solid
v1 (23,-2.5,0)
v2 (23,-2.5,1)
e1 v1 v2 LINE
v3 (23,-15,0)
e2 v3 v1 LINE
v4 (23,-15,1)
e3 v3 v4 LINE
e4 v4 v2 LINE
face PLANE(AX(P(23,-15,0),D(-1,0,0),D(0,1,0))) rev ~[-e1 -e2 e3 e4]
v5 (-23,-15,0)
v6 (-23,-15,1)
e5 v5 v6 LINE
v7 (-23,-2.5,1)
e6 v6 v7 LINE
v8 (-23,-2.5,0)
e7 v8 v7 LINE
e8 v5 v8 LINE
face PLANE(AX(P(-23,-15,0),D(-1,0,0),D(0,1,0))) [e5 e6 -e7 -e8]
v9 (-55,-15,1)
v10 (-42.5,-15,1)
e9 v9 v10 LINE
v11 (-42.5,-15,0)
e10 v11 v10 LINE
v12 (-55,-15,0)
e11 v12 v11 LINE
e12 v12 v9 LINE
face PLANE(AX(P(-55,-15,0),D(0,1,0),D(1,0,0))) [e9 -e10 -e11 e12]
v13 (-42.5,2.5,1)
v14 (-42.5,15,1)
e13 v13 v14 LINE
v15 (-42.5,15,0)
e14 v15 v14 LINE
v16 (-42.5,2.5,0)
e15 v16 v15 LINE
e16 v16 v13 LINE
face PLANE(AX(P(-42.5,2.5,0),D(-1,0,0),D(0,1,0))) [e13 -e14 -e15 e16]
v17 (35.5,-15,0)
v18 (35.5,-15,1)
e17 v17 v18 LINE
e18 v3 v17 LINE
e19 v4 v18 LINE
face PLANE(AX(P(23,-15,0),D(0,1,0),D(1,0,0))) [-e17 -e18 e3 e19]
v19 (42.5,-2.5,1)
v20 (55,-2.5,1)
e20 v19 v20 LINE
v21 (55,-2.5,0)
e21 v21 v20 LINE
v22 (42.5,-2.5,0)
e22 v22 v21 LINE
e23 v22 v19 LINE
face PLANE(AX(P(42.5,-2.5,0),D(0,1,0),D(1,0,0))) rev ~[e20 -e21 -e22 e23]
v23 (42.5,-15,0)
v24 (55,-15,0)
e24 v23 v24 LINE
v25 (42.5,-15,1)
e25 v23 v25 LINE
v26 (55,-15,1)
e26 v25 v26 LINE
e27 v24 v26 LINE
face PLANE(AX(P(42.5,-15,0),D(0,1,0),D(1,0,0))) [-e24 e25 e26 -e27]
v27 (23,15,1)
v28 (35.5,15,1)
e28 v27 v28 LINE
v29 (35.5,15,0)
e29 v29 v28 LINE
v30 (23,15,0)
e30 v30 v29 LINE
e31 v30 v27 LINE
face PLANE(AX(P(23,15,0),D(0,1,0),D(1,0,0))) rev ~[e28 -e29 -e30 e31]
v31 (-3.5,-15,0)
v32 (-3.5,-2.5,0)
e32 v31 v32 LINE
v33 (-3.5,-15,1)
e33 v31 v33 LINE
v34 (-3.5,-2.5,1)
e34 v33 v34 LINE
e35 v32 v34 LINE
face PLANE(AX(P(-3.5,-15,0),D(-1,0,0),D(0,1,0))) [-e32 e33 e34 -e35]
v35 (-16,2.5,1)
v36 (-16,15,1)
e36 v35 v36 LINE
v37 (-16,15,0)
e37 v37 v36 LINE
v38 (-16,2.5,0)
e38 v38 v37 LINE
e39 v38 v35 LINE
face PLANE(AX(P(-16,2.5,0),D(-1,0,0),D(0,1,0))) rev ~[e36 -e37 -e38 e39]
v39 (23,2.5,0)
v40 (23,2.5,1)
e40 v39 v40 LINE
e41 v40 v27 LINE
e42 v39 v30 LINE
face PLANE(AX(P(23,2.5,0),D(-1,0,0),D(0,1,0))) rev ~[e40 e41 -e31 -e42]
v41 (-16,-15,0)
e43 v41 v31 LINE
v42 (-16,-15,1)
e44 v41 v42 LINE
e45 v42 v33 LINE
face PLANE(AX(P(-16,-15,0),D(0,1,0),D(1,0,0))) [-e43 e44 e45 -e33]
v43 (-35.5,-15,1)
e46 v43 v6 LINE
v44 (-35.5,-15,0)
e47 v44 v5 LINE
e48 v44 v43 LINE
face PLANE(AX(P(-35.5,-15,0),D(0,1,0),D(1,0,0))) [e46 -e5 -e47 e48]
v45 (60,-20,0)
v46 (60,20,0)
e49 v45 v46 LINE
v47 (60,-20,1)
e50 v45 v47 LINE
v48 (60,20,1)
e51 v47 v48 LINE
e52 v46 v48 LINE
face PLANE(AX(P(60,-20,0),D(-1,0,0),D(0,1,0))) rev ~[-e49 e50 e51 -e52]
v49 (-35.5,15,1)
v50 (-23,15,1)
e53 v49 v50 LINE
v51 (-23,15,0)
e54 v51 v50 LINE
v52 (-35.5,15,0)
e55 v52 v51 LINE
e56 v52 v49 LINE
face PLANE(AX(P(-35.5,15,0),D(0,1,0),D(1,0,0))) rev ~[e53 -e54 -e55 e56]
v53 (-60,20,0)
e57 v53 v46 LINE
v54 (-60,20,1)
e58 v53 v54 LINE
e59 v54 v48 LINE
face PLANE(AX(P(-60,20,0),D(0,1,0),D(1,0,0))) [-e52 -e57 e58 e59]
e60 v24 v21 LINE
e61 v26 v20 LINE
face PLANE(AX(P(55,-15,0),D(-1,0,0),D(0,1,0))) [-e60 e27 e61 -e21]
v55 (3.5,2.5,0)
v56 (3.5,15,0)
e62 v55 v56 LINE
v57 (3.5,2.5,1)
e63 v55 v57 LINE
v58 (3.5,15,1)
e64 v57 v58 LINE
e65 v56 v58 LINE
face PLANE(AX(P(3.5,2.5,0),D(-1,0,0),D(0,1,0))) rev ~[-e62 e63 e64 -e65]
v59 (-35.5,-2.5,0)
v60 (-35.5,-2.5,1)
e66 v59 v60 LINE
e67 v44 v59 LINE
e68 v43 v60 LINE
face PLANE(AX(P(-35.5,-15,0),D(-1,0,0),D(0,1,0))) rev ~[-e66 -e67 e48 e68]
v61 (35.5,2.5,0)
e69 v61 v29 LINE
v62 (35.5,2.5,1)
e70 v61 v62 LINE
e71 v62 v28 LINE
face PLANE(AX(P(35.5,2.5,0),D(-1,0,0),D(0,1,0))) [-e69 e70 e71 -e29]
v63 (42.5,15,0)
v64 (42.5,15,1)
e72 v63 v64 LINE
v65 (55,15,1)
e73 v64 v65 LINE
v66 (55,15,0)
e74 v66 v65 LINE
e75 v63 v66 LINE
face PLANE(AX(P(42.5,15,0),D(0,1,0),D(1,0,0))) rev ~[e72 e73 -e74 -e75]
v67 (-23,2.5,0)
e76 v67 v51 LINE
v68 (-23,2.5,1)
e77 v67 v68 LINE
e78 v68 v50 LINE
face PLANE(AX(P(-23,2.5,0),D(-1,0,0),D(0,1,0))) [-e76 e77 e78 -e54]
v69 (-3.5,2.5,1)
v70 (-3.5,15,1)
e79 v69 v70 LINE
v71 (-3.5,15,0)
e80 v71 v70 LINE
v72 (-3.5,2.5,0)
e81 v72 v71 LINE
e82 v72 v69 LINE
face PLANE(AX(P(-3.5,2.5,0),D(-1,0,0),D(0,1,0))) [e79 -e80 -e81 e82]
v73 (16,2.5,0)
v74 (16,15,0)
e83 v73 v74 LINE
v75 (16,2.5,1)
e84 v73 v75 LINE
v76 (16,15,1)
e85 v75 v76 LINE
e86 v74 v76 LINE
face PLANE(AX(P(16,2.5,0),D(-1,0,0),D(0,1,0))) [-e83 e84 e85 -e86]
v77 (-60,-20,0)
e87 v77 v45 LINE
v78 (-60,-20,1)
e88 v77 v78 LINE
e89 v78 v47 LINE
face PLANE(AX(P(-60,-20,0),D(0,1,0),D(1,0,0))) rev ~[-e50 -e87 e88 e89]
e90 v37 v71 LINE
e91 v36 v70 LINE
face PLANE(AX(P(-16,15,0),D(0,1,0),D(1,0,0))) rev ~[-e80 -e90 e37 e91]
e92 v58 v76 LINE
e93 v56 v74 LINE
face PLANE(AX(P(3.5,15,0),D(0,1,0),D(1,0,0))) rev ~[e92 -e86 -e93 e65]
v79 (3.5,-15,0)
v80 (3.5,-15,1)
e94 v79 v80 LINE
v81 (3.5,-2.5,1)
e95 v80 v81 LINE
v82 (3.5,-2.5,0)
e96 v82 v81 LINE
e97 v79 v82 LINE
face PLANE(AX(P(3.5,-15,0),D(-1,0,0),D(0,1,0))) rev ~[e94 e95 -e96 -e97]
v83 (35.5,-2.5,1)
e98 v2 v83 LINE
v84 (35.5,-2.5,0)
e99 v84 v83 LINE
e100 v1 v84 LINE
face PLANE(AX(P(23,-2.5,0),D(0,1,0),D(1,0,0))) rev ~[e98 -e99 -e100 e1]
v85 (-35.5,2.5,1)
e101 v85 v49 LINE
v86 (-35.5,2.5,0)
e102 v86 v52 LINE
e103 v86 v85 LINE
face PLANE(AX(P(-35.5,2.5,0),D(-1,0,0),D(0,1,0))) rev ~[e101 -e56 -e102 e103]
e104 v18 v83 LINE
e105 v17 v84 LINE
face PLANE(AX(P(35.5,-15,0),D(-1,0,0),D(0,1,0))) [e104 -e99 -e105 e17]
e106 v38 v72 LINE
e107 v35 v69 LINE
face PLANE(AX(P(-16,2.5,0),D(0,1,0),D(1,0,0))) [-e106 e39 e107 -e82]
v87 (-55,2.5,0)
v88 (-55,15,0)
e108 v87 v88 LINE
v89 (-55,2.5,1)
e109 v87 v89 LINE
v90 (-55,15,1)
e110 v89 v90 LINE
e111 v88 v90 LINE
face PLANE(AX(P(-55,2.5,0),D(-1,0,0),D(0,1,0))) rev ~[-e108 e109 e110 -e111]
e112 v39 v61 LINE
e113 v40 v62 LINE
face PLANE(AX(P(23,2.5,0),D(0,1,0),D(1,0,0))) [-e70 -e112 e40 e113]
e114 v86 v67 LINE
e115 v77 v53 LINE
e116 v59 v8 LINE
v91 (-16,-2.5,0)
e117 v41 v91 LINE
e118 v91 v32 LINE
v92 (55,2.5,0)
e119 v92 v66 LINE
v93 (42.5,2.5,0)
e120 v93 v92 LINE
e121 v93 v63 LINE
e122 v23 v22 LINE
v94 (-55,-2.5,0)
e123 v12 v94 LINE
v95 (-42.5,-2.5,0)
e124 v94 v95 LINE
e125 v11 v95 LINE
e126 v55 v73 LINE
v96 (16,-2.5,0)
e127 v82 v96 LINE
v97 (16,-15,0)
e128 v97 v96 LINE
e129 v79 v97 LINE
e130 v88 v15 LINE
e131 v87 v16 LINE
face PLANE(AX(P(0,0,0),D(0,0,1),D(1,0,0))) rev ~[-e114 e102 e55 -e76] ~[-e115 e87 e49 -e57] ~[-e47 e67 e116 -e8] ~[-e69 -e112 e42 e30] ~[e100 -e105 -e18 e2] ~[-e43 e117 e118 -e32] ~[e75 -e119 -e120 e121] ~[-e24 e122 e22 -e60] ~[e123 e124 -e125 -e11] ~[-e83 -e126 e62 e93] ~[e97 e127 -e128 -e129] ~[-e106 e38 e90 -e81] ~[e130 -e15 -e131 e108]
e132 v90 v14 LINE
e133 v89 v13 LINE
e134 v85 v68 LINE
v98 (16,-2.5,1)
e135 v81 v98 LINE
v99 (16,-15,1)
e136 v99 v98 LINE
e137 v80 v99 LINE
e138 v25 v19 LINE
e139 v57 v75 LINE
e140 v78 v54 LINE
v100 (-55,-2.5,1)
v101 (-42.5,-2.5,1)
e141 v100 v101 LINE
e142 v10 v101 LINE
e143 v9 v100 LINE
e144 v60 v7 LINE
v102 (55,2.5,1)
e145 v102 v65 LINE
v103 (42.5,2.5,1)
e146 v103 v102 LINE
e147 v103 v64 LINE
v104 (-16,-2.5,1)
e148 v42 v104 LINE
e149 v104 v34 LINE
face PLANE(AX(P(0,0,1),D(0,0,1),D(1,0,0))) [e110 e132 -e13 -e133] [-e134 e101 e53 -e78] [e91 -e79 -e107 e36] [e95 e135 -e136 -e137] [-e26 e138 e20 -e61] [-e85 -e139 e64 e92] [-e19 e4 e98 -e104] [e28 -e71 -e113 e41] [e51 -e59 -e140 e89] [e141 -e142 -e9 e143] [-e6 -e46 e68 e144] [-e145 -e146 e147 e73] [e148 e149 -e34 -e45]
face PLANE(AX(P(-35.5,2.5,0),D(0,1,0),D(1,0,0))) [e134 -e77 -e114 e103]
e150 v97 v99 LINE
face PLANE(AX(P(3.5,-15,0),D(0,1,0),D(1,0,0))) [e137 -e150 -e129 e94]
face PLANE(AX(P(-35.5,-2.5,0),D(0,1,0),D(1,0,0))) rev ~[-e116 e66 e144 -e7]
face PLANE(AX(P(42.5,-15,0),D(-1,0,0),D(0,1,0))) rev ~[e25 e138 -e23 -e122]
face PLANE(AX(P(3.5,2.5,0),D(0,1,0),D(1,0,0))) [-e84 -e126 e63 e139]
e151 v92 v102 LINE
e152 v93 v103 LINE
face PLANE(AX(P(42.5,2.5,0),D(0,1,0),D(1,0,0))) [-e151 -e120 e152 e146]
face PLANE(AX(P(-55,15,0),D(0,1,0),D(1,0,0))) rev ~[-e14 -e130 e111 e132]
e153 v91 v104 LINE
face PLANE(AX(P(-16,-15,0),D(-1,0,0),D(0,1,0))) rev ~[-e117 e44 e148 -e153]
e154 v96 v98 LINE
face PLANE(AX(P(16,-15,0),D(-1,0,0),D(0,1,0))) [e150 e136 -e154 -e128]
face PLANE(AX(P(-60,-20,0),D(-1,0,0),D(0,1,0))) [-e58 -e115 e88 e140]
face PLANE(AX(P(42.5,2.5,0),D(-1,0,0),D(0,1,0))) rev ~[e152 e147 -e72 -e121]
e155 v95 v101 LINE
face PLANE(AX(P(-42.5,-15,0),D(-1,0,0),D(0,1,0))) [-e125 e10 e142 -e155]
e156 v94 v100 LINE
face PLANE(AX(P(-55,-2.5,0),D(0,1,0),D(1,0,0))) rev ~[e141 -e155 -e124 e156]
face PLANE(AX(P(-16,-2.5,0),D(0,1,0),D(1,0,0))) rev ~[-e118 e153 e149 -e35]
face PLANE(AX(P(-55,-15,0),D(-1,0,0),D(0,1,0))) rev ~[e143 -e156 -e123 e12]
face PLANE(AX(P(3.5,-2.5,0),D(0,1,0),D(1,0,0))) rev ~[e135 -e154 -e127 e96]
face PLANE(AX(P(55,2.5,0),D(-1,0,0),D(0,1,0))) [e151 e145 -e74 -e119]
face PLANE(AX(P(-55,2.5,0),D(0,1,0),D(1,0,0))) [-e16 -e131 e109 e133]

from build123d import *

# Parameters (mm, degrees)
F0_W     = 120
F0_H     = 40
F0_W_2   = 12.5
F0_H_2   = 12.5
F1_DEPTH = 1


with BuildPart() as f1:
    # F0 (on Top) → F1 (new body)
    with BuildSketch(Plane.XY):
        Rectangle(F0_W, F0_H)
        with Locations((-48.75, -8.75)):
            Rectangle(F0_W_2, F0_H_2, mode=Mode.SUBTRACT)
        with Locations((-29.25, -8.75)):
            Rectangle(F0_W_2, F0_H_2, mode=Mode.SUBTRACT)
        with Locations((-9.75, -8.75)):
            Rectangle(F0_W_2, F0_H_2, mode=Mode.SUBTRACT)
        with Locations((9.75, -8.75)):
            Rectangle(F0_W_2, F0_H_2, mode=Mode.SUBTRACT)
        with Locations((29.25, -8.75)):
            Rectangle(F0_W_2, F0_H_2, mode=Mode.SUBTRACT)
        with Locations((48.75, -8.75)):
            Rectangle(F0_W_2, F0_H_2, mode=Mode.SUBTRACT)
        with Locations((-48.75, 8.75)):
            Rectangle(F0_W_2, F0_H_2, mode=Mode.SUBTRACT)
        with Locations((-29.25, 8.75)):
            Rectangle(F0_W_2, F0_H_2, mode=Mode.SUBTRACT)
        with Locations((-9.75, 8.75)):
            Rectangle(F0_W_2, F0_H_2, mode=Mode.SUBTRACT)
        with Locations((9.75, 8.75)):
            Rectangle(F0_W_2, F0_H_2, mode=Mode.SUBTRACT)
        with Locations((29.25, 8.75)):
            Rectangle(F0_W_2, F0_H_2, mode=Mode.SUBTRACT)
        with Locations((48.75, 8.75)):
            Rectangle(F0_W_2, F0_H_2, mode=Mode.SUBTRACT)
    extrude(amount=F1_DEPTH)


solid = f1.part
